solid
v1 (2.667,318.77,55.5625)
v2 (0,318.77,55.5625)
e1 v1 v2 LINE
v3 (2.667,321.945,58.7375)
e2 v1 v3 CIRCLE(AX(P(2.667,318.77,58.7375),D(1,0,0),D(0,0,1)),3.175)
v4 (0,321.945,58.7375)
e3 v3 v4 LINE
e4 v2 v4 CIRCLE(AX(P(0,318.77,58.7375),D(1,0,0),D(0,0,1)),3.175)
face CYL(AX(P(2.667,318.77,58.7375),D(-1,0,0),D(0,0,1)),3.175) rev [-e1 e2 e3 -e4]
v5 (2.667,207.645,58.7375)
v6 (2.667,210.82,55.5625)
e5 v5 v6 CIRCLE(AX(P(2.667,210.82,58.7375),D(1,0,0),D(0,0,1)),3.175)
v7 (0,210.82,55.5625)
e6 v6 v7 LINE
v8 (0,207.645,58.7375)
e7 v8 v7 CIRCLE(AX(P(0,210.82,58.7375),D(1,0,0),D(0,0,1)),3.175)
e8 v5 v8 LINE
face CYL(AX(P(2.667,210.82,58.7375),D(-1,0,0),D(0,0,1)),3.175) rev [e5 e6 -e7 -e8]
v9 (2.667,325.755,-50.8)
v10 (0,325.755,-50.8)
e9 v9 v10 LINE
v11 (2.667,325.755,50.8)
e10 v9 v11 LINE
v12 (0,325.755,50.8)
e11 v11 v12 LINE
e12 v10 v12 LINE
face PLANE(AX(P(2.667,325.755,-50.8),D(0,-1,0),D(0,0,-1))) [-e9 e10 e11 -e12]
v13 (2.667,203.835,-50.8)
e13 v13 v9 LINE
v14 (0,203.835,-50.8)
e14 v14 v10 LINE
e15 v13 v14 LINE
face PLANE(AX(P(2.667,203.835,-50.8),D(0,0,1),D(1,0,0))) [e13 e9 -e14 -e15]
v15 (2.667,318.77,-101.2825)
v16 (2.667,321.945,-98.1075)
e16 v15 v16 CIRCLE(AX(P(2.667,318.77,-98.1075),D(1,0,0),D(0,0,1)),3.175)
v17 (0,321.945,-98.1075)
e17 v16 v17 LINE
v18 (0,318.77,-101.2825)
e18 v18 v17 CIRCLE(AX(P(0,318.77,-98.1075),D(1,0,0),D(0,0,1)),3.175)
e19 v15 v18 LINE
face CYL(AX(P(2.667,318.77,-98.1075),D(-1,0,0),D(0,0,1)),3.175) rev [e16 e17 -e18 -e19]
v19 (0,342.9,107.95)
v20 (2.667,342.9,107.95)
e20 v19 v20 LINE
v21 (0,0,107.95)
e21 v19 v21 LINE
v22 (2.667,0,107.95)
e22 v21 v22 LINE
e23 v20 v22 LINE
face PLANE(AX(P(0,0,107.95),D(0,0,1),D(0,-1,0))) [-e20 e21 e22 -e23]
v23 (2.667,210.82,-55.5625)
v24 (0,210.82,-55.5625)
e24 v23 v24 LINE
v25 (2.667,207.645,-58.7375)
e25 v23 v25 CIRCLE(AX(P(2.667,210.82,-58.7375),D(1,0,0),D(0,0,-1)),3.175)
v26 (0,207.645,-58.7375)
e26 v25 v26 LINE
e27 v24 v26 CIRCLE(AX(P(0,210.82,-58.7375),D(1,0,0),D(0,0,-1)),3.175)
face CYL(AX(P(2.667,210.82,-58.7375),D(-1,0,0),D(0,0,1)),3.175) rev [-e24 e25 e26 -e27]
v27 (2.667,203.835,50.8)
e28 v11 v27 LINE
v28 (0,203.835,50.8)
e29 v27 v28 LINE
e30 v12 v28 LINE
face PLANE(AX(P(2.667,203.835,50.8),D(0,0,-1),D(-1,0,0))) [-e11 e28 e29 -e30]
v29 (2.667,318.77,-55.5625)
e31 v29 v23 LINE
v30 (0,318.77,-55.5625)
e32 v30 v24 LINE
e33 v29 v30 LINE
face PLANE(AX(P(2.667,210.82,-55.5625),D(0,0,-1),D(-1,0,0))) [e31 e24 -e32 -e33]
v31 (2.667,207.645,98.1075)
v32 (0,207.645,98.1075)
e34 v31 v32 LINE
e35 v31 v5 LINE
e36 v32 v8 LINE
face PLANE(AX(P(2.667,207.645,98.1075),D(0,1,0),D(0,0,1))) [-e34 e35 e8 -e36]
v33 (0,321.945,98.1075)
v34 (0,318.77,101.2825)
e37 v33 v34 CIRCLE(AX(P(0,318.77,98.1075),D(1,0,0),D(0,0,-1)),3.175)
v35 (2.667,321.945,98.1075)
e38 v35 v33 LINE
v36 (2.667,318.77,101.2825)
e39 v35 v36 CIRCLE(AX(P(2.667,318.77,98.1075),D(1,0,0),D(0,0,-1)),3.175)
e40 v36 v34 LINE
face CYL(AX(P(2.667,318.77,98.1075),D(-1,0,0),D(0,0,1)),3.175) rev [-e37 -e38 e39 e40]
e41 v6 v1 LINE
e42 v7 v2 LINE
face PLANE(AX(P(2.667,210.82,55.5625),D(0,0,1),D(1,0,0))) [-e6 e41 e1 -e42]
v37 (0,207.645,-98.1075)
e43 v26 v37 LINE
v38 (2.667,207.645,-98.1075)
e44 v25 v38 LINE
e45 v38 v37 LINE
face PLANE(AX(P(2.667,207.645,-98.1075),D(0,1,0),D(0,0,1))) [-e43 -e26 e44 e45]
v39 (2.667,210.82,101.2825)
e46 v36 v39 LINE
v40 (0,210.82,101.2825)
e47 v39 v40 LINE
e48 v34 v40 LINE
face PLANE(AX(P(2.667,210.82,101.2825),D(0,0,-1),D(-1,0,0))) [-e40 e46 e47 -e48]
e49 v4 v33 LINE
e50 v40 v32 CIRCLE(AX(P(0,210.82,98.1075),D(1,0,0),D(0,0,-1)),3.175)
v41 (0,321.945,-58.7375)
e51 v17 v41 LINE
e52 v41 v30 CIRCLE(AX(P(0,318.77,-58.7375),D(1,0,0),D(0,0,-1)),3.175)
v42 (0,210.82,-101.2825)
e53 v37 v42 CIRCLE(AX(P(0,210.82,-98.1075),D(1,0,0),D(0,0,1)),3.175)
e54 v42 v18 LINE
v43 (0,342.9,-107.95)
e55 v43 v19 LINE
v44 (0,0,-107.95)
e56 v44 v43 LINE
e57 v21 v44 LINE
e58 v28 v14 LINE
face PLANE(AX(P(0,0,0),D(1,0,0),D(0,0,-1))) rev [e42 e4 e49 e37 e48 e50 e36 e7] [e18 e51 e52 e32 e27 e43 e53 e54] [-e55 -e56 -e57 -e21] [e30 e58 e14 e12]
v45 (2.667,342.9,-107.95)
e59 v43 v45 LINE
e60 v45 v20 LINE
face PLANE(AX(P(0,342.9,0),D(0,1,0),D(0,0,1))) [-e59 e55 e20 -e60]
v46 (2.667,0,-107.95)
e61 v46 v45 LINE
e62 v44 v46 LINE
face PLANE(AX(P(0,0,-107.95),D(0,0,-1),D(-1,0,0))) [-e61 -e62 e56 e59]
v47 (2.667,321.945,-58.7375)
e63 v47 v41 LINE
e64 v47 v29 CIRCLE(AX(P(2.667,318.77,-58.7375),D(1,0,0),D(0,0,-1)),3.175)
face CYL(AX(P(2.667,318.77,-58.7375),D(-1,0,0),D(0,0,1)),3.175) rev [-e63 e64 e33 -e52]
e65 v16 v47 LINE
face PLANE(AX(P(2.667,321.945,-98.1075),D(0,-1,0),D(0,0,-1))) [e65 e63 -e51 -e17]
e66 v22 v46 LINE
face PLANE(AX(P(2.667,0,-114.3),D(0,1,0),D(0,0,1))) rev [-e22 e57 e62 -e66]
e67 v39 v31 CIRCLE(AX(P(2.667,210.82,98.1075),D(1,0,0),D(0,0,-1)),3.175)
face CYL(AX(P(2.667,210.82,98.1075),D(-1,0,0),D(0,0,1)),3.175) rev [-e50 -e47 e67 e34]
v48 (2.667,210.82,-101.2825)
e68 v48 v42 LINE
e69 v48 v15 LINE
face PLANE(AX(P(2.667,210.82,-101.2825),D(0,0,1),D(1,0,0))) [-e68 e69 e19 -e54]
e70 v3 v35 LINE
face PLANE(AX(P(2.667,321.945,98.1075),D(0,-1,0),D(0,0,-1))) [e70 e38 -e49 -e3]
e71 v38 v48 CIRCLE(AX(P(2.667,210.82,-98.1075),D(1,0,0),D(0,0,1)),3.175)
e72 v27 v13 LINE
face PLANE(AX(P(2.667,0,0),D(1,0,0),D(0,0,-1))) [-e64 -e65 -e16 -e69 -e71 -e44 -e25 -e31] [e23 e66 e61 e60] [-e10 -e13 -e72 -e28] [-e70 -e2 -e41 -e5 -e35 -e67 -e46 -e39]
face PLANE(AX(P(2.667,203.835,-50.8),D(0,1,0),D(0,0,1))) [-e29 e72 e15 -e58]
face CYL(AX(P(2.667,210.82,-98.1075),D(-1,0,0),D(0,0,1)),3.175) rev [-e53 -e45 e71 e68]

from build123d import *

# Parameters (mm, degrees)
SKETCH1_W                   = 228.6
SKETCH1_H                   = 349.25
SKETCH1_W_2                 = 101.6
SKETCH1_H_2                 = 121.92
BOSS_EXTRUDE1_DEPTH         = 2.667
CORNERRADIUSALLOWANCE_DEPTH = 368.487639777


with BuildPart() as part:
    # Sketch1 → Boss-Extrude1 (new body)
    with BuildSketch(Plane(origin=(0, 0, 0), x_dir=(0, 0, -1), z_dir=(1, 0, 0))):
        with Locations((0, 174.625)):
            Rectangle(SKETCH1_W, SKETCH1_H)
        with BuildLine():
            Line((98.1075, 207.645), (58.7375, 207.645))
            ThreePointArc((58.7375, 207.645), (56.49243597, 208.57493597), (55.5625, 210.82))
            Line((55.5625, 210.82), (55.5625, 318.77))
            ThreePointArc((55.5625, 318.77), (56.49243597, 321.01506403), (58.7375, 321.945))
            Line((58.7375, 321.945), (98.1075, 321.945))
            ThreePointArc((98.1075, 321.945), (100.35256403, 321.01506403), (101.2825, 318.77))
            Line((101.2825, 318.77), (101.2825, 210.82))
            ThreePointArc((101.2825, 210.82), (100.35256403, 208.57493597), (98.1075, 207.645))
        make_face(mode=Mode.SUBTRACT)
        with Locations((0, 264.795)):
            Rectangle(SKETCH1_W_2, SKETCH1_H_2, mode=Mode.SUBTRACT)
        with BuildLine():
            Line((-98.1075, 207.645), (-58.7375, 207.645))
            ThreePointArc((-58.7375, 207.645), (-56.49243597, 208.57493597), (-55.5625, 210.82))
            Line((-55.5625, 210.82), (-55.5625, 318.77))
            ThreePointArc((-55.5625, 318.77), (-56.49243597, 321.01506403), (-58.7375, 321.945))
            Line((-58.7375, 321.945), (-98.1075, 321.945))
            ThreePointArc((-98.1075, 321.945), (-100.35256403, 321.01506403), (-101.2825, 318.77))
            Line((-101.2825, 318.77), (-101.2825, 210.82))
            ThreePointArc((-101.2825, 210.82), (-100.35256403, 208.57493597), (-98.1075, 207.645))
        make_face(mode=Mode.SUBTRACT)
    extrude(amount=BOSS_EXTRUDE1_DEPTH)

    # Sketch2 → CornerRadiusAllowance (cut, through all)
    with BuildSketch(Plane(origin=(2.667, 0, 0), x_dir=(0, 0, -1), z_dir=(1, 0, 0))):
        Polygon((114.3, 349.25), (-114.3, 349.25), (-114.3, 0), (-107.95, 0), (-107.95, 342.9), (107.95, 342.9), (107.95, 0), (114.3, 0), align=None)
    extrude(amount=-CORNERRADIUSALLOWANCE_DEPTH, mode=Mode.SUBTRACT)


solid = part.part
